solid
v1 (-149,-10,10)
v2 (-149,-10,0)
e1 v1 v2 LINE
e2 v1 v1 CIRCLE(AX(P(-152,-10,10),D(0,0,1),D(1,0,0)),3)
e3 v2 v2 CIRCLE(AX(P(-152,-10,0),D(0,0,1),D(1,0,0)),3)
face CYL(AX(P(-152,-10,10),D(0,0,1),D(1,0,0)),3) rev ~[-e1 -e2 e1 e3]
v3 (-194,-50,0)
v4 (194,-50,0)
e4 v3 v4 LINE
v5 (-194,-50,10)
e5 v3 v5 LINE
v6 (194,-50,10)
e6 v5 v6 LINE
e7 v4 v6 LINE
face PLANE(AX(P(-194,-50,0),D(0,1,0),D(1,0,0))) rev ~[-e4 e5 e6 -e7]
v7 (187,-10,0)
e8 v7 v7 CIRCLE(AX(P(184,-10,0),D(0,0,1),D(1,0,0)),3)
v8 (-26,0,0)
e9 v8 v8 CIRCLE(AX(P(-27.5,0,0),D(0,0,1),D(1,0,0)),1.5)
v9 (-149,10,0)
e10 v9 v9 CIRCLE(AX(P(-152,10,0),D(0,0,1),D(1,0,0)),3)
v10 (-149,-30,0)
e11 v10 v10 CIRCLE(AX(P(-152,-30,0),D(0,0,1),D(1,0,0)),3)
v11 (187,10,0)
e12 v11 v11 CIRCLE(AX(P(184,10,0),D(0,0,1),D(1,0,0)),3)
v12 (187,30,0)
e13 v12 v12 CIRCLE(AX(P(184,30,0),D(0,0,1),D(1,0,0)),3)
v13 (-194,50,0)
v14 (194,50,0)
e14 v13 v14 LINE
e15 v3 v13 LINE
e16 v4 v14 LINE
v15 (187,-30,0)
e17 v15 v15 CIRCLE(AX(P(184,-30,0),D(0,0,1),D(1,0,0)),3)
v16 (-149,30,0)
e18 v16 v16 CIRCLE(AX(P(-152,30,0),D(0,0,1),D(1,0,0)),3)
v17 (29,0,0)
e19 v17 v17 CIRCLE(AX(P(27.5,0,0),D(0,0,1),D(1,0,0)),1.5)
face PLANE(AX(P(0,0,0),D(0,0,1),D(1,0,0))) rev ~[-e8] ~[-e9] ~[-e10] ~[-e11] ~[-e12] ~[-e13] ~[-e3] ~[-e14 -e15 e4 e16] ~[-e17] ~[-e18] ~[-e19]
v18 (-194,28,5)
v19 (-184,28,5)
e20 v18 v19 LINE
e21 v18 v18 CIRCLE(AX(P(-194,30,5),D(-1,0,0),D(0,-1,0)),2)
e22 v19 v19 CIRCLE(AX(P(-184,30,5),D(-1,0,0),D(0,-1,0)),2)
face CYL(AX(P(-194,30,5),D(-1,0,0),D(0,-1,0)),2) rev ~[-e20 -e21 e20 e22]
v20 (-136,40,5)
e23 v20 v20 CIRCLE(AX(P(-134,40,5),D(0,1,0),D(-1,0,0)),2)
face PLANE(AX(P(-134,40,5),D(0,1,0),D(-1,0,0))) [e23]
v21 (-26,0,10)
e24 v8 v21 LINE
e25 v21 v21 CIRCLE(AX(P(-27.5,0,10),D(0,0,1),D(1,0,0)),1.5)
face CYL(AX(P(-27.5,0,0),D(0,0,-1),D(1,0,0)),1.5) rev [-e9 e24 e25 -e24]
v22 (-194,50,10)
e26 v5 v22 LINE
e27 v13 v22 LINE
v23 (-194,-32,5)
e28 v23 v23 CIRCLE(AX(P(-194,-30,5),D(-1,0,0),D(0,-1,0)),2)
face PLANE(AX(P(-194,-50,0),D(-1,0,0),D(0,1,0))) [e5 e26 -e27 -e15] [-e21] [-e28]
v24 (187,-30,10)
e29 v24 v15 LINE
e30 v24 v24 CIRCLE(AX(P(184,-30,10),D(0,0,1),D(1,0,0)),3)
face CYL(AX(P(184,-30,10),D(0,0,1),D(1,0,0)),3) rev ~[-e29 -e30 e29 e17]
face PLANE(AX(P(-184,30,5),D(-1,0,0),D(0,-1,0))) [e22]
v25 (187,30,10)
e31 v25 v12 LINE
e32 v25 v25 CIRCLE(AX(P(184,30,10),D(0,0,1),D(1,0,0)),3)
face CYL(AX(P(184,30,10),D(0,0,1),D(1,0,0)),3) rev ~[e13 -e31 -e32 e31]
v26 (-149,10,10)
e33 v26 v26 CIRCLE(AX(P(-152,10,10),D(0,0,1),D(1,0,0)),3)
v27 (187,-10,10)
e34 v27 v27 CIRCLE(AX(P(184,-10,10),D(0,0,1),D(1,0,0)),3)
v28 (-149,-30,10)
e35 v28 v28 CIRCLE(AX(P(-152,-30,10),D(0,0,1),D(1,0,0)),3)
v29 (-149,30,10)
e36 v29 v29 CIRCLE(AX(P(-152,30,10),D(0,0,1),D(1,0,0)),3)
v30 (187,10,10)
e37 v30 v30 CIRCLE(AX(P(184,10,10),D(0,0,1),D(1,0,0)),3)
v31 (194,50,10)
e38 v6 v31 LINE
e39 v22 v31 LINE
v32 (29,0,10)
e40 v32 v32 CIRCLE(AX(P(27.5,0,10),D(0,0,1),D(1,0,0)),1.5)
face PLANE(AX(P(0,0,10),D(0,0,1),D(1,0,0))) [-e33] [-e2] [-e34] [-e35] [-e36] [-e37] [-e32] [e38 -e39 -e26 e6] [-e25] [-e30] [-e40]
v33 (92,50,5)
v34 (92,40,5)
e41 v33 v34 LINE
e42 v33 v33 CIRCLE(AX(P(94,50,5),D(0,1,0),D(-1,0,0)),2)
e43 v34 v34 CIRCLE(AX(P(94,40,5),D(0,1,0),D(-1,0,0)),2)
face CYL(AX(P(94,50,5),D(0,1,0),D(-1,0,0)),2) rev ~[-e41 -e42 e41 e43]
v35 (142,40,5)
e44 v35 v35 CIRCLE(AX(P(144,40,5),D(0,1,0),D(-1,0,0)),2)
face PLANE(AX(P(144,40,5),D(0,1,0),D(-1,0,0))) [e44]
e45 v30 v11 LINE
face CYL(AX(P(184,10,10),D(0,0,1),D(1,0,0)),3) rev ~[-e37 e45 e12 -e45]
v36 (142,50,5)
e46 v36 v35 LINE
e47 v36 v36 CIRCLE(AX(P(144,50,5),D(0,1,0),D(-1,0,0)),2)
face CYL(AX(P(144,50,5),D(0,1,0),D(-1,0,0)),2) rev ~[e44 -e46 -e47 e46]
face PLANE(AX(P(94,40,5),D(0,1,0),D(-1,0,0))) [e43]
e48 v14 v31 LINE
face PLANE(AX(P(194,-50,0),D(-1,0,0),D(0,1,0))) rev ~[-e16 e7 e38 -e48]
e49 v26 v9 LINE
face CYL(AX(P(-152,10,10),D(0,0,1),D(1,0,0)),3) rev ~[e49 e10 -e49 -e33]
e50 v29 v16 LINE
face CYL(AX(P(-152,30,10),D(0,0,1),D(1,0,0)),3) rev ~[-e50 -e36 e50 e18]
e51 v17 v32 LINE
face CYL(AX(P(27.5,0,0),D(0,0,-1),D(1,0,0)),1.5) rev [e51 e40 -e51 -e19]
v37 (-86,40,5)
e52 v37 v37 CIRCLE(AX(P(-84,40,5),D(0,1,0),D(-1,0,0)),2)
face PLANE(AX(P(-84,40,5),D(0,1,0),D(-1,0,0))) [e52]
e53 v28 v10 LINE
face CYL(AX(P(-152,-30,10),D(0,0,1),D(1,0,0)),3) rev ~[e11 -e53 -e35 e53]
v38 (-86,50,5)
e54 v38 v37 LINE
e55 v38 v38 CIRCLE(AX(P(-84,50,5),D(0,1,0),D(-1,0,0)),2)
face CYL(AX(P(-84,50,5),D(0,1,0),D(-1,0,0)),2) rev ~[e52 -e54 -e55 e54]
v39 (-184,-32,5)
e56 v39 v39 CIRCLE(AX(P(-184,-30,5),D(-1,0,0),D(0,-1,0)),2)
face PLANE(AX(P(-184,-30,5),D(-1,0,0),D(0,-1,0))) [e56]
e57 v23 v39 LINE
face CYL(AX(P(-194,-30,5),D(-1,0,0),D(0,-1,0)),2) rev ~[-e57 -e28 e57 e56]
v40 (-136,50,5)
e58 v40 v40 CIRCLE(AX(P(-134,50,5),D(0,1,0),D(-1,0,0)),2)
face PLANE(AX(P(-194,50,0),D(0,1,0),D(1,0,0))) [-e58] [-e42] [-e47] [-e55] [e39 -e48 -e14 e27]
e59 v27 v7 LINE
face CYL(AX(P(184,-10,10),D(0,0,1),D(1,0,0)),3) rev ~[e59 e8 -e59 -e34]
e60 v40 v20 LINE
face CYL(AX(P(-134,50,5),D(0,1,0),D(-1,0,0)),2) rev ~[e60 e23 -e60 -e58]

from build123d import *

# Parameters (mm, degrees)
F0_W     = 388
F0_H     = 100
F0_R     = 1.5
F1_DEPTH = 10
F2_R     = 2
F3_DEPTH = 10
F4_R     = 2
F5_DEPTH = 10
F6_R     = 3
F7_DEPTH = 25


with BuildPart() as f1:
    # F0 (on Top) → F1 (new body)
    with BuildSketch(Plane.XY):
        Rectangle(F0_W, F0_H)
        with Locations((-27.5, 0)):
            Circle(F0_R, mode=Mode.SUBTRACT)
        with Locations((27.5, 0)):
            Circle(F0_R, mode=Mode.SUBTRACT)
    extrude(amount=F1_DEPTH)

    # F2 (on face) → F3 (cut)
    with BuildSketch(Plane(origin=(0, 50, 0), x_dir=(-1, 0, 0), z_dir=(0, 1, 0))):
        with Locations((-144, 5)):
            Circle(F2_R)
        with Locations((134, 5)):
            Circle(F2_R)
        with Locations((-94, 5)):
            Circle(F2_R)
        with Locations((84, 5)):
            Circle(F2_R)
    extrude(amount=-F3_DEPTH, mode=Mode.SUBTRACT)

    # F4 (on face) → F5 (cut)
    with BuildSketch(Plane(origin=(-194, 0, 0), x_dir=(0, -1, 0), z_dir=(-1, 0, 0))):
        with Locations((-30, 5)):
            Circle(F4_R)
        with Locations((30, 5)):
            Circle(F4_R)
    extrude(amount=-F5_DEPTH, mode=Mode.SUBTRACT)

    # F6 (on face) → F7 (cut)
    with BuildSketch(Plane.XY.offset(10)):
        with Locations((184, -30)):
            Circle(F6_R)
        with Locations((184, 10)):
            Circle(F6_R)
        with Locations((184, 30)):
            Circle(F6_R)
        with Locations((184, -10)):
            Circle(F6_R)
        with Locations((-152, 30)):
            Circle(F6_R)
        with Locations((-152, 10)):
            Circle(F6_R)
        with Locations((-152, -30)):
            Circle(F6_R)
        with Locations((-152, -10)):
            Circle(F6_R)
    extrude(amount=-F7_DEPTH, mode=Mode.SUBTRACT)


solid = f1.part
